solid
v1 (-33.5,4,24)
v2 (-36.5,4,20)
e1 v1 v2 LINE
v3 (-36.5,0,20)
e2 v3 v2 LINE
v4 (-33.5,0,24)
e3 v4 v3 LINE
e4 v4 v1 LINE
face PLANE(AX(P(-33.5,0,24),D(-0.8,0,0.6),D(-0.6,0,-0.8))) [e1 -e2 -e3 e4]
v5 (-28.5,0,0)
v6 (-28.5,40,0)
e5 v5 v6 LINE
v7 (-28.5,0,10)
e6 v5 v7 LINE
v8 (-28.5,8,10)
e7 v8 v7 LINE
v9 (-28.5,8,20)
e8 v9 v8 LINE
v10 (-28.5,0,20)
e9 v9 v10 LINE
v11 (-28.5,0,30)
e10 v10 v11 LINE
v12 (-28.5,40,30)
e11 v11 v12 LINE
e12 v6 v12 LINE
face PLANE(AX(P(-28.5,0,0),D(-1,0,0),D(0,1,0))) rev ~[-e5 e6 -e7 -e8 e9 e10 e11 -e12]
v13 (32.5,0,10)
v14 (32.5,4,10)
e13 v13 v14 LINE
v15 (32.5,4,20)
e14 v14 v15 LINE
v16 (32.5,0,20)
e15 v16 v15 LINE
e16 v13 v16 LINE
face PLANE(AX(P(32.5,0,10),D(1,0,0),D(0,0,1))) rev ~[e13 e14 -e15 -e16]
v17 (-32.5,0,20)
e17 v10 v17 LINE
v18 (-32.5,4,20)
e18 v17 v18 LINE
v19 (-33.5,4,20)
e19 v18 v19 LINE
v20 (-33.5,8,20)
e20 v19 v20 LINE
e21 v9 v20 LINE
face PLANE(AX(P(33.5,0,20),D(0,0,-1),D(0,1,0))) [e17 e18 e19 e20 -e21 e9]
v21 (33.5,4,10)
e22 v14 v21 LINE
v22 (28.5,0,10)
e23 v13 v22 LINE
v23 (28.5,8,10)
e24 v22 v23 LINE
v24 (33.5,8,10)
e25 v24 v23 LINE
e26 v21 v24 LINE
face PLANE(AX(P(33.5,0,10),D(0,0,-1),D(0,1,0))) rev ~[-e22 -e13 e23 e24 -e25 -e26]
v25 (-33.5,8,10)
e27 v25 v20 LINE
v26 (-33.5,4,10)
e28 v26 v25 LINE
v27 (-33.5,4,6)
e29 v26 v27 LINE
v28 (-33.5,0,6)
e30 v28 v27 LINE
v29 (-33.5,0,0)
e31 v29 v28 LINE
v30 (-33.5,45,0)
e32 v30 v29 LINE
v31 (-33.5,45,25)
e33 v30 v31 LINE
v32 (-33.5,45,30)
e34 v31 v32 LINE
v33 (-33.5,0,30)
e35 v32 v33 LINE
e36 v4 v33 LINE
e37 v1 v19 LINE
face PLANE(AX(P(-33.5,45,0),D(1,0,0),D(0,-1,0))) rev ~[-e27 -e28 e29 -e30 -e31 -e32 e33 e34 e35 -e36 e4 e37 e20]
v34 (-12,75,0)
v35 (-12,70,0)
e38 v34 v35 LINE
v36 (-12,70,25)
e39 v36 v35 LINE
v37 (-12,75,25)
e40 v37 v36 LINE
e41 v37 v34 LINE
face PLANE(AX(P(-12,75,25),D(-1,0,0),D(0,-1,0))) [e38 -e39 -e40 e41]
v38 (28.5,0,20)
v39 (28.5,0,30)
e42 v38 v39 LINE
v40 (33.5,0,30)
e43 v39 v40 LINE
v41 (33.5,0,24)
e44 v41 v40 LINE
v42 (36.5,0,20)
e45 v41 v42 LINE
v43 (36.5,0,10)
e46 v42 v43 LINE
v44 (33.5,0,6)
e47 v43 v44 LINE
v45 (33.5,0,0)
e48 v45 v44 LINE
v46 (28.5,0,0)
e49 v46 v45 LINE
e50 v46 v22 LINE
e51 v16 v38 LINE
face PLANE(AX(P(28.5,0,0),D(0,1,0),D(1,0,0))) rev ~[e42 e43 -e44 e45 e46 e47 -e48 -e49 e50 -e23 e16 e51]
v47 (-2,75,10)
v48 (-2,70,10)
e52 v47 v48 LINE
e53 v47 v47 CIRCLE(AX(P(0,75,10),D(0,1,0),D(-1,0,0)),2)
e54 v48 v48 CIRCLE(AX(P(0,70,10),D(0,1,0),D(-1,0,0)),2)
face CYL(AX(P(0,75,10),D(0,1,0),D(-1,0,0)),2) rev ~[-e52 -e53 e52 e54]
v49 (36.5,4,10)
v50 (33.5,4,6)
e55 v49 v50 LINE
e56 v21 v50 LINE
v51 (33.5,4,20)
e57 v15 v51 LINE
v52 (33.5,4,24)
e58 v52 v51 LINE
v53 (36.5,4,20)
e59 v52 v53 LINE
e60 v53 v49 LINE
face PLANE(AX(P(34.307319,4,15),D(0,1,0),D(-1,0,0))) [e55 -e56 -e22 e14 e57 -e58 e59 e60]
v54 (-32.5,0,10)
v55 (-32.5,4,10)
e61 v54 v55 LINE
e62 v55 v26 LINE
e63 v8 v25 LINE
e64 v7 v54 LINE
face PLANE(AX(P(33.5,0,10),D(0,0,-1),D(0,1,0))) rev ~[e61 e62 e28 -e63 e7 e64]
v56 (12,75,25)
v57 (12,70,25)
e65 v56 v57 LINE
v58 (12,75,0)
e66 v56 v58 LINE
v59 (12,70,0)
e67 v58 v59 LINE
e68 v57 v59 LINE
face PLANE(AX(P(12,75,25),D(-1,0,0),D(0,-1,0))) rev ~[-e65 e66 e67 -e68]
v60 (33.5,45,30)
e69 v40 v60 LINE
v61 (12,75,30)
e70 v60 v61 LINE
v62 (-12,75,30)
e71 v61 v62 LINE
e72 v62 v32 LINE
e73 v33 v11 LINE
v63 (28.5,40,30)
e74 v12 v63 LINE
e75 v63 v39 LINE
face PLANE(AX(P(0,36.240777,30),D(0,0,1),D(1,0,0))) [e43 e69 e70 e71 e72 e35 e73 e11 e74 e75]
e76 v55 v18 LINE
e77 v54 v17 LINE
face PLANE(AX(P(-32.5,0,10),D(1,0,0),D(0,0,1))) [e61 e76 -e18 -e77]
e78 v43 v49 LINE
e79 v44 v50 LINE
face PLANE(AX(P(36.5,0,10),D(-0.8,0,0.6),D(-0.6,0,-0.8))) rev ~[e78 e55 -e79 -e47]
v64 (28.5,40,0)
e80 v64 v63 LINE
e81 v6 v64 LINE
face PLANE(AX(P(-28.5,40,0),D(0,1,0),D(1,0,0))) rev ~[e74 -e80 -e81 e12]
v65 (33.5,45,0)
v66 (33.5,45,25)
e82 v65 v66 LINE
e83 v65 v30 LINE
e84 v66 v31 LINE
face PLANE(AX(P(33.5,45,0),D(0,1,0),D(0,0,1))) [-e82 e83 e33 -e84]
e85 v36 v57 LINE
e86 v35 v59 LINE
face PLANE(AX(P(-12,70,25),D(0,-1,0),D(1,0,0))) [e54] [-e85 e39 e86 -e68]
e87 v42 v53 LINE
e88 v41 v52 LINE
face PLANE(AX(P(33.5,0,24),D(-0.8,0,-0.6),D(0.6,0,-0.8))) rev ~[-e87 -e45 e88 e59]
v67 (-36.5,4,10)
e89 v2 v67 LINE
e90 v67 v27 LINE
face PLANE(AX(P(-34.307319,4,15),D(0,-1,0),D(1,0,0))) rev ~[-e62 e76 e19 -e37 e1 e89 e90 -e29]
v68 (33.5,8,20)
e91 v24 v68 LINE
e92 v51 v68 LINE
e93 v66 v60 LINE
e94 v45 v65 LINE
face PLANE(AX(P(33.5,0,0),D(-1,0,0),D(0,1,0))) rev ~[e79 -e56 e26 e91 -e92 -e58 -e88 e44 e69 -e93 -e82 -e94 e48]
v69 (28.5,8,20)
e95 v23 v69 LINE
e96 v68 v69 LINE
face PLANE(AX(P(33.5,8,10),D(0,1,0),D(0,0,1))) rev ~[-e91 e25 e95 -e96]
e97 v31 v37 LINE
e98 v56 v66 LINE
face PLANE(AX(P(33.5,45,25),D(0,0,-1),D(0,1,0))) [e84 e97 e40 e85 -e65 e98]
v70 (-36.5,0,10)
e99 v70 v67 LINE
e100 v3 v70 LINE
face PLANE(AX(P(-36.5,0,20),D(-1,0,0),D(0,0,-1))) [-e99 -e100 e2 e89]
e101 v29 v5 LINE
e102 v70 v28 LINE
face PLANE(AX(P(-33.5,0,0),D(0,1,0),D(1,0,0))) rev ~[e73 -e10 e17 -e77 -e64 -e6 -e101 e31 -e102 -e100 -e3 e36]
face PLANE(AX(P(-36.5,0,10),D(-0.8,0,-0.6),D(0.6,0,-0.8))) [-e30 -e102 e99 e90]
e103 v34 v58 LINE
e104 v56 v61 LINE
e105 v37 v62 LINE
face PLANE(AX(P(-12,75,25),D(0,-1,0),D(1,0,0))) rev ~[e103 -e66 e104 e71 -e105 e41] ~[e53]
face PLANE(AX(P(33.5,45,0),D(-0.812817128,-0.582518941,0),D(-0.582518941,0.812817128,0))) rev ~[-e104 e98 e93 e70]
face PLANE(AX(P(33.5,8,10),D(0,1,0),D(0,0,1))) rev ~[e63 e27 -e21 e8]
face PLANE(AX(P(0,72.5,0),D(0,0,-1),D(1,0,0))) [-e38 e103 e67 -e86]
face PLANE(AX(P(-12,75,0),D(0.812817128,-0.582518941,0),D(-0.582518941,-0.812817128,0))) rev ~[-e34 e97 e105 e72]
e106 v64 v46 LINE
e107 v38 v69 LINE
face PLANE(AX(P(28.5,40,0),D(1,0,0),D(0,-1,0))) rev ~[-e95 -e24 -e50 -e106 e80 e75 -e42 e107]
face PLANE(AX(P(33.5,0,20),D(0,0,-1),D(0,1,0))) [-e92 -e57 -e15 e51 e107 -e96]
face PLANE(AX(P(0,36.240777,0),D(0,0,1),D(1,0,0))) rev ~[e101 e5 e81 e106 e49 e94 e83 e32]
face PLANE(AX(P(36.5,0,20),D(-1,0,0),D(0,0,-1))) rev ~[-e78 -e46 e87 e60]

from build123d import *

# Parameters (mm, degrees)
PAD_DEPTH       = 30
SKETCH001_W     = 30
SKETCH001_H     = 25
SKETCH001_W_2   = 8
SKETCH001_H_2   = 10
POCKET_DEPTH    = 67.001
SKETCH002_W     = 24
SKETCH002_H     = 5
PAD001_DEPTH    = 25
SKETCH003_R     = 2
POCKET001_DEPTH = 5
PAD002_DEPTH    = 4


with BuildPart() as part:
    # Sketch → Pad (new body)
    with BuildSketch(Plane.XY):
        Polygon((-28.5, 0), (-28.5, 40), (28.5, 40), (28.5, 0), (33.5, 0), (33.5, 45), (12, 75), (-12, 75), (-33.5, 45), (-33.5, 0), align=None)
    extrude(amount=PAD_DEPTH)

    # Sketch001 (on Face7 of Pad) → Pocket (cut, through all)
    with BuildSketch(Plane.YZ.offset(33.5)):
        with Locations((60, 12.5)):
            Rectangle(SKETCH001_W, SKETCH001_H)
        with Locations((4, 15)):
            Rectangle(SKETCH001_W_2, SKETCH001_H_2)
    extrude(amount=-POCKET_DEPTH, mode=Mode.SUBTRACT)

    # Sketch002 (on Face19 of Pocket) → Pad001 (join)
    with BuildSketch(Plane(origin=(0, 0, 25), x_dir=(1, 0, 0), z_dir=(0, 0, -1))):
        with Locations((0, -72.5)):
            Rectangle(SKETCH002_W, SKETCH002_H)
    extrude(amount=PAD001_DEPTH)

    # Sketch003 (on Face23 of Pad001) → Pocket001 (cut)
    with BuildSketch(Plane(origin=(0, 75, 0), x_dir=(-1, 0, 0), z_dir=(0, 1, 0))):
        with Locations((0, 10)):
            Circle(SKETCH003_R)
    extrude(amount=-POCKET001_DEPTH, mode=Mode.SUBTRACT)

    # Sketch004 (on Face12 of Pocket001) → Pad002 (join)
    with BuildSketch(Plane.XZ):
        Polygon((32.5, 20), (33.5, 24), (36.5, 20), (36.5, 10), (33.5, 6), (32.5, 10), align=None)
        Polygon((-32.5, 20), (-33.5, 24), (-36.5, 20), (-36.5, 10), (-33.5, 6), (-32.5, 10), align=None)
    extrude(amount=-PAD002_DEPTH)


solid = part.part
